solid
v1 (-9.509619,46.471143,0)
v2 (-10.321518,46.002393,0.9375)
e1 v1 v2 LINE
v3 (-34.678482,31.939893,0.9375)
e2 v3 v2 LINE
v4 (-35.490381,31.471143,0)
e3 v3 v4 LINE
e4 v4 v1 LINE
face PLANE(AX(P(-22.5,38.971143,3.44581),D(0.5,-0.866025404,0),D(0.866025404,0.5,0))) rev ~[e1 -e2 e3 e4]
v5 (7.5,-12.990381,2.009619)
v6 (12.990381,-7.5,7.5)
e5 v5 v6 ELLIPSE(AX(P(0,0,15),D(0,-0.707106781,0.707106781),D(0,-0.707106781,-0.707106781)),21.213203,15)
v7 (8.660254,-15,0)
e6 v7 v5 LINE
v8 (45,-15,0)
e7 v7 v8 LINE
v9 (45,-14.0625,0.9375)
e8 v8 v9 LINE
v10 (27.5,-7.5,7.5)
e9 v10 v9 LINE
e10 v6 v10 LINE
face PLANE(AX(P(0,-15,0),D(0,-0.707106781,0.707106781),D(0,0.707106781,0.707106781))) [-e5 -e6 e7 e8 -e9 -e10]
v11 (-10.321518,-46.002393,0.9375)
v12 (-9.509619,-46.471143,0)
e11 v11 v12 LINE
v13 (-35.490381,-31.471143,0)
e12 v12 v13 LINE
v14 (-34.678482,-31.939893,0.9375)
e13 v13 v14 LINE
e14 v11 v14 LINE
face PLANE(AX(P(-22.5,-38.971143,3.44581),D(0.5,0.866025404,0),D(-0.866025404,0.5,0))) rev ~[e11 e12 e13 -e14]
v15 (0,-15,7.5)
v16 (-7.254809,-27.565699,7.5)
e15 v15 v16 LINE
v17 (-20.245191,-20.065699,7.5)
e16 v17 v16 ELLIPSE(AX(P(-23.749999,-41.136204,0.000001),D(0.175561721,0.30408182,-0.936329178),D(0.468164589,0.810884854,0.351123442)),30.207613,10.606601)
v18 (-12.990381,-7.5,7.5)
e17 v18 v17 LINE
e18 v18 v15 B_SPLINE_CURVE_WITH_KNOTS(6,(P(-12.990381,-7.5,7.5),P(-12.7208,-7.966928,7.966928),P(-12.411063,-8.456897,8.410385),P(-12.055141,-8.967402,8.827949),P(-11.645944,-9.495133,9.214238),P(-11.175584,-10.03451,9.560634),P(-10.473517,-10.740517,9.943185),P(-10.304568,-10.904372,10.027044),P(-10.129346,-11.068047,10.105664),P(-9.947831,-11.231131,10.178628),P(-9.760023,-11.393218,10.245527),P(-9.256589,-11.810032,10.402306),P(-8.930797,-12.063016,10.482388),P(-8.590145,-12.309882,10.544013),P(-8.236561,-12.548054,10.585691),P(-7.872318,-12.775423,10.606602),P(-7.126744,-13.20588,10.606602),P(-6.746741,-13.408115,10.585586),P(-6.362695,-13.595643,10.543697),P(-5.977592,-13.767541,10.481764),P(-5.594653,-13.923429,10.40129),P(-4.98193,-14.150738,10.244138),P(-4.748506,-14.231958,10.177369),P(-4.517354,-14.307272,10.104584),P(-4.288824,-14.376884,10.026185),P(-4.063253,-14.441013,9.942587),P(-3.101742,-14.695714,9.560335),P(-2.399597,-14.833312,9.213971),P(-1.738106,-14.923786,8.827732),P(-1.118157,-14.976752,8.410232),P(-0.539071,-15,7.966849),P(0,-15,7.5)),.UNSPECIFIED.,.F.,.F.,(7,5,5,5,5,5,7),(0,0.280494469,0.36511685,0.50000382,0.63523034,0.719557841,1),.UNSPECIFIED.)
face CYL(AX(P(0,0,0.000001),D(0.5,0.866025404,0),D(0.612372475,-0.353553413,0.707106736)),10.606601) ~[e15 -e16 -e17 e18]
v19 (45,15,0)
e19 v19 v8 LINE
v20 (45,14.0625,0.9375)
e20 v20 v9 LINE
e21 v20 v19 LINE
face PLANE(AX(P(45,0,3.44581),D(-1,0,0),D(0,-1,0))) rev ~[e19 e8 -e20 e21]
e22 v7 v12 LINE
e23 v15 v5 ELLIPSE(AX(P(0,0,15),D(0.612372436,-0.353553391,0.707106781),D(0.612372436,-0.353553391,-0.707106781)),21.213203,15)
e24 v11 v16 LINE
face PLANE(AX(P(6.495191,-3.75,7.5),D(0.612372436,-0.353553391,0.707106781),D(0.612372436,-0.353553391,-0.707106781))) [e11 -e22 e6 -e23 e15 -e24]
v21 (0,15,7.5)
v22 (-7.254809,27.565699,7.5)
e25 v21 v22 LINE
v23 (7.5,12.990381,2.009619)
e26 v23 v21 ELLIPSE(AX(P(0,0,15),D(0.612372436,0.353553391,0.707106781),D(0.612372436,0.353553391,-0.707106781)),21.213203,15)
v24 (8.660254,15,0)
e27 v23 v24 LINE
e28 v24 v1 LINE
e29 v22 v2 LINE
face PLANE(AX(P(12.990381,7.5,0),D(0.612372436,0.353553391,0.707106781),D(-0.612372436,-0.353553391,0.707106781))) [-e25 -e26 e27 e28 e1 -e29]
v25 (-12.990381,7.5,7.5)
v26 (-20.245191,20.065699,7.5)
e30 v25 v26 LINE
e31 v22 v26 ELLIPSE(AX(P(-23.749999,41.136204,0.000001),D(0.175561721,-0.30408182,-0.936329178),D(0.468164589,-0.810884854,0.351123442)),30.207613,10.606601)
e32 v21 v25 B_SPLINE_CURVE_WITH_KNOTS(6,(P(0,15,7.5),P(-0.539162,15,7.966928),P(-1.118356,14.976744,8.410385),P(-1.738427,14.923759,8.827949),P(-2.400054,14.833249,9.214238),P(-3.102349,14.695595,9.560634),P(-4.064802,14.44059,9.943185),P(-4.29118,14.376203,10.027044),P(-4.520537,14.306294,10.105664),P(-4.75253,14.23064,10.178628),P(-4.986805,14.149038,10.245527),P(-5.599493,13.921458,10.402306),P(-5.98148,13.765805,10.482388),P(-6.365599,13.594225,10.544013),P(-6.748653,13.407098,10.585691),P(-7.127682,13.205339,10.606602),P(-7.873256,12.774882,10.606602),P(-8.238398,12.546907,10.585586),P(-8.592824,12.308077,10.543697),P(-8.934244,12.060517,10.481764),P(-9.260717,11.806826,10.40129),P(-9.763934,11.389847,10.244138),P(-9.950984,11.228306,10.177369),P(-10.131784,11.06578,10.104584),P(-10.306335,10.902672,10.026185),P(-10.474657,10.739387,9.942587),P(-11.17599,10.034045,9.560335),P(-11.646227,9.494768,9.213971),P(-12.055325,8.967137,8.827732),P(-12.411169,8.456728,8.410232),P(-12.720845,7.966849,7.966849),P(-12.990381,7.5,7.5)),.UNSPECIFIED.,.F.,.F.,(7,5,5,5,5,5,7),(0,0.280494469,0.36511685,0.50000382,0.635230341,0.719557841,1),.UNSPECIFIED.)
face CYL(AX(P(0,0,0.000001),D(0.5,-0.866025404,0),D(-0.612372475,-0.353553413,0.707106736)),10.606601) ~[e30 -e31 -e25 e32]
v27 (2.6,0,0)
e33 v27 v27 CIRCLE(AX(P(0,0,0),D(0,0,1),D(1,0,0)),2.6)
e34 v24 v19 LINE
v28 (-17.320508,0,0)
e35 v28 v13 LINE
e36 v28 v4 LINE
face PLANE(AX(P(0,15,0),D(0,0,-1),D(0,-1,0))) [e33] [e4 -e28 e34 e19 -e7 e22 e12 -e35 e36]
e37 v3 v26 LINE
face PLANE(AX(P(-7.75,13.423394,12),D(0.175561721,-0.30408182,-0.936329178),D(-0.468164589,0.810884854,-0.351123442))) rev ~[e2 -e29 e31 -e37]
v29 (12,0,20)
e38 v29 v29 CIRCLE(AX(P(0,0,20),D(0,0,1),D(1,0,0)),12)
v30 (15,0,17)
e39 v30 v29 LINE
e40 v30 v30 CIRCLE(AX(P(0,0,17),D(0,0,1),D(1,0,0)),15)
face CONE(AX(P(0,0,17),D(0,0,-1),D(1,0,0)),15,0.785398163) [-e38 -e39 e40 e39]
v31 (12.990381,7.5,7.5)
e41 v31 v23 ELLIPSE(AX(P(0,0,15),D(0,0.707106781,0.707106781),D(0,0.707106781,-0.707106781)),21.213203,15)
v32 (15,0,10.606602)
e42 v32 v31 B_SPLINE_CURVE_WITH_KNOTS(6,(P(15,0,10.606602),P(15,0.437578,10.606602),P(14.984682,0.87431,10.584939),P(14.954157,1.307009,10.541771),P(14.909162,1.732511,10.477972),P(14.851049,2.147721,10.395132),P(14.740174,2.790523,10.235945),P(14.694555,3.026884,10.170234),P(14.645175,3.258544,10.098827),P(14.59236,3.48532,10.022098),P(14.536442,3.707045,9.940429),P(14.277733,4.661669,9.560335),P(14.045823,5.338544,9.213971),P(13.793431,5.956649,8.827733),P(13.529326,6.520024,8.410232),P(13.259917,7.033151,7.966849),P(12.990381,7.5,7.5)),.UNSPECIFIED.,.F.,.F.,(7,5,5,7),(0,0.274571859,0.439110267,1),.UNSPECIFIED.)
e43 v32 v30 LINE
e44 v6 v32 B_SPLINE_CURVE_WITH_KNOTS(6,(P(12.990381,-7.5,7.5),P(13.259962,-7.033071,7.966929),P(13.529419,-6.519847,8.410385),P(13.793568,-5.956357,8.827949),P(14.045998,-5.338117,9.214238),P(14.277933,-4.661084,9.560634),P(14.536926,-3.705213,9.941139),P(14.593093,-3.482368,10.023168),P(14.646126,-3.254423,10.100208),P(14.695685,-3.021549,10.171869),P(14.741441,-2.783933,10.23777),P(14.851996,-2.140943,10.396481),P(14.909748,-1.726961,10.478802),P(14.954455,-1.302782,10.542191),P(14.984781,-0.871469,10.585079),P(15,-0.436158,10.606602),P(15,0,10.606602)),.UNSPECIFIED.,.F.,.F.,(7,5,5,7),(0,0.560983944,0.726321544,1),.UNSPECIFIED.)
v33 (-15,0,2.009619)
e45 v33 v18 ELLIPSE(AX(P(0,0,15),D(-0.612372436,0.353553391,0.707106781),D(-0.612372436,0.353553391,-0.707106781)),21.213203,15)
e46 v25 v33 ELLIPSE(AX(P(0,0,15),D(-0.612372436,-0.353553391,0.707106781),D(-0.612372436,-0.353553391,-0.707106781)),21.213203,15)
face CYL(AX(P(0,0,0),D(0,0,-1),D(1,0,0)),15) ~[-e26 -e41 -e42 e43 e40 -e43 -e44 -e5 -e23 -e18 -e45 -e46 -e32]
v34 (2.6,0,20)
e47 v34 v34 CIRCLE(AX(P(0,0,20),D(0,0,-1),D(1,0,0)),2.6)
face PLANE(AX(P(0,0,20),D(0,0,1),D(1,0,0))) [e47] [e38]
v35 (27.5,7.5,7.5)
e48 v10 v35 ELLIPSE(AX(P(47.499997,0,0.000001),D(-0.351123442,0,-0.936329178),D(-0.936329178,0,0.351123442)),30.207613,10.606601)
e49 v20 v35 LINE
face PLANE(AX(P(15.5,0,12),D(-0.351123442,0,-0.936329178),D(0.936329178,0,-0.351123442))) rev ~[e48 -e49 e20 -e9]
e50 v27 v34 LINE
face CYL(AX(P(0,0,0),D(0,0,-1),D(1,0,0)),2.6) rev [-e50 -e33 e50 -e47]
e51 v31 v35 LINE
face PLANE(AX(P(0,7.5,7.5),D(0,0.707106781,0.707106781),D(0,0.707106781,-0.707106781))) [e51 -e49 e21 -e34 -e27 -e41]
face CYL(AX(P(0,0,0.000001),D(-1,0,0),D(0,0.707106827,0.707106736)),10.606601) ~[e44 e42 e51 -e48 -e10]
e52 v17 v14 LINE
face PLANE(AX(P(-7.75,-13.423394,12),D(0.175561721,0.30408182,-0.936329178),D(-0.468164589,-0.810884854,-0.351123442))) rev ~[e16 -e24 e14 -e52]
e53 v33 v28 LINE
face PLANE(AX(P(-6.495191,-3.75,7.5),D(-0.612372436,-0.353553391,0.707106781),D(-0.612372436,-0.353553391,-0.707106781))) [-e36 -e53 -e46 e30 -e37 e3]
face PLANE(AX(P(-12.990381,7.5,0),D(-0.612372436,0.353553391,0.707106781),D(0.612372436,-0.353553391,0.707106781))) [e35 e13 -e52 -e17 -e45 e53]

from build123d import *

# Parameters (mm, degrees)
SKETCH_R              = 15
PAD_DEPTH             = 20
PAD001_DEPTH          = 45
POLARPATTERN_COUNT    = 3
CHAMFER_SIZE          = 3
CYLINDER_R            = 2.6
CYLINDER_DEPTH        = 30
POCKET_DEPTH          = 15
POLARPATTERN001_COUNT = 3


with BuildPart() as part:
    # Sketch → Pad (new body)
    with BuildSketch(Plane.XY):
        Circle(SKETCH_R)
    extrude(amount=PAD_DEPTH)

    # Sketch001 → Pad001 (join)
    with BuildSketch(Plane.YZ):
        with BuildLine():
            Line((-15, 0), (-7.5, 7.5))
            ThreePointArc((7.5, 7.5), (0, 10.606602), (-7.5, 7.5))
            Line((7.5, 7.5), (15, 0))
            Line((15, 0), (-15, 0))
        make_face()
    pad001 = extrude(amount=PAD001_DEPTH)

    # PolarPattern: Pad001 ×3 about axis
    polarpattern_axis = Axis((0, 0, 0), (0, 0, 1))
    for i in range(1, POLARPATTERN_COUNT):
        add(pad001.rotate(polarpattern_axis, i * 360 / POLARPATTERN_COUNT))

    # Chamfer
    chamfer_edges = [part.edges().sort_by_distance(p)[0] for p in [
        (-15, 0, 20),
    ]]
    chamfer(chamfer_edges, length=CHAMFER_SIZE)

    # Cylinder → Cylinder (cut)
    with BuildSketch(Plane.XY):
        Circle(CYLINDER_R)
    extrude(amount=CYLINDER_DEPTH, mode=Mode.SUBTRACT)

    # Sketch002 → Pocket (cut, symmetric)
    with BuildSketch(Plane.XZ):
        Polygon((15.5, 12), (47.5, 0), (47.5, 12), align=None)
    pocket = extrude(amount=POCKET_DEPTH, both=True, mode=Mode.SUBTRACT)

    # PolarPattern001: Pocket ×3 about axis
    polarpattern001_axis = Axis((0, 0, 0), (0, 0, 1))
    for i in range(1, POLARPATTERN001_COUNT):
        add(pocket.rotate(polarpattern001_axis, i * 360 / POLARPATTERN001_COUNT), mode=Mode.SUBTRACT)


solid = part.part
